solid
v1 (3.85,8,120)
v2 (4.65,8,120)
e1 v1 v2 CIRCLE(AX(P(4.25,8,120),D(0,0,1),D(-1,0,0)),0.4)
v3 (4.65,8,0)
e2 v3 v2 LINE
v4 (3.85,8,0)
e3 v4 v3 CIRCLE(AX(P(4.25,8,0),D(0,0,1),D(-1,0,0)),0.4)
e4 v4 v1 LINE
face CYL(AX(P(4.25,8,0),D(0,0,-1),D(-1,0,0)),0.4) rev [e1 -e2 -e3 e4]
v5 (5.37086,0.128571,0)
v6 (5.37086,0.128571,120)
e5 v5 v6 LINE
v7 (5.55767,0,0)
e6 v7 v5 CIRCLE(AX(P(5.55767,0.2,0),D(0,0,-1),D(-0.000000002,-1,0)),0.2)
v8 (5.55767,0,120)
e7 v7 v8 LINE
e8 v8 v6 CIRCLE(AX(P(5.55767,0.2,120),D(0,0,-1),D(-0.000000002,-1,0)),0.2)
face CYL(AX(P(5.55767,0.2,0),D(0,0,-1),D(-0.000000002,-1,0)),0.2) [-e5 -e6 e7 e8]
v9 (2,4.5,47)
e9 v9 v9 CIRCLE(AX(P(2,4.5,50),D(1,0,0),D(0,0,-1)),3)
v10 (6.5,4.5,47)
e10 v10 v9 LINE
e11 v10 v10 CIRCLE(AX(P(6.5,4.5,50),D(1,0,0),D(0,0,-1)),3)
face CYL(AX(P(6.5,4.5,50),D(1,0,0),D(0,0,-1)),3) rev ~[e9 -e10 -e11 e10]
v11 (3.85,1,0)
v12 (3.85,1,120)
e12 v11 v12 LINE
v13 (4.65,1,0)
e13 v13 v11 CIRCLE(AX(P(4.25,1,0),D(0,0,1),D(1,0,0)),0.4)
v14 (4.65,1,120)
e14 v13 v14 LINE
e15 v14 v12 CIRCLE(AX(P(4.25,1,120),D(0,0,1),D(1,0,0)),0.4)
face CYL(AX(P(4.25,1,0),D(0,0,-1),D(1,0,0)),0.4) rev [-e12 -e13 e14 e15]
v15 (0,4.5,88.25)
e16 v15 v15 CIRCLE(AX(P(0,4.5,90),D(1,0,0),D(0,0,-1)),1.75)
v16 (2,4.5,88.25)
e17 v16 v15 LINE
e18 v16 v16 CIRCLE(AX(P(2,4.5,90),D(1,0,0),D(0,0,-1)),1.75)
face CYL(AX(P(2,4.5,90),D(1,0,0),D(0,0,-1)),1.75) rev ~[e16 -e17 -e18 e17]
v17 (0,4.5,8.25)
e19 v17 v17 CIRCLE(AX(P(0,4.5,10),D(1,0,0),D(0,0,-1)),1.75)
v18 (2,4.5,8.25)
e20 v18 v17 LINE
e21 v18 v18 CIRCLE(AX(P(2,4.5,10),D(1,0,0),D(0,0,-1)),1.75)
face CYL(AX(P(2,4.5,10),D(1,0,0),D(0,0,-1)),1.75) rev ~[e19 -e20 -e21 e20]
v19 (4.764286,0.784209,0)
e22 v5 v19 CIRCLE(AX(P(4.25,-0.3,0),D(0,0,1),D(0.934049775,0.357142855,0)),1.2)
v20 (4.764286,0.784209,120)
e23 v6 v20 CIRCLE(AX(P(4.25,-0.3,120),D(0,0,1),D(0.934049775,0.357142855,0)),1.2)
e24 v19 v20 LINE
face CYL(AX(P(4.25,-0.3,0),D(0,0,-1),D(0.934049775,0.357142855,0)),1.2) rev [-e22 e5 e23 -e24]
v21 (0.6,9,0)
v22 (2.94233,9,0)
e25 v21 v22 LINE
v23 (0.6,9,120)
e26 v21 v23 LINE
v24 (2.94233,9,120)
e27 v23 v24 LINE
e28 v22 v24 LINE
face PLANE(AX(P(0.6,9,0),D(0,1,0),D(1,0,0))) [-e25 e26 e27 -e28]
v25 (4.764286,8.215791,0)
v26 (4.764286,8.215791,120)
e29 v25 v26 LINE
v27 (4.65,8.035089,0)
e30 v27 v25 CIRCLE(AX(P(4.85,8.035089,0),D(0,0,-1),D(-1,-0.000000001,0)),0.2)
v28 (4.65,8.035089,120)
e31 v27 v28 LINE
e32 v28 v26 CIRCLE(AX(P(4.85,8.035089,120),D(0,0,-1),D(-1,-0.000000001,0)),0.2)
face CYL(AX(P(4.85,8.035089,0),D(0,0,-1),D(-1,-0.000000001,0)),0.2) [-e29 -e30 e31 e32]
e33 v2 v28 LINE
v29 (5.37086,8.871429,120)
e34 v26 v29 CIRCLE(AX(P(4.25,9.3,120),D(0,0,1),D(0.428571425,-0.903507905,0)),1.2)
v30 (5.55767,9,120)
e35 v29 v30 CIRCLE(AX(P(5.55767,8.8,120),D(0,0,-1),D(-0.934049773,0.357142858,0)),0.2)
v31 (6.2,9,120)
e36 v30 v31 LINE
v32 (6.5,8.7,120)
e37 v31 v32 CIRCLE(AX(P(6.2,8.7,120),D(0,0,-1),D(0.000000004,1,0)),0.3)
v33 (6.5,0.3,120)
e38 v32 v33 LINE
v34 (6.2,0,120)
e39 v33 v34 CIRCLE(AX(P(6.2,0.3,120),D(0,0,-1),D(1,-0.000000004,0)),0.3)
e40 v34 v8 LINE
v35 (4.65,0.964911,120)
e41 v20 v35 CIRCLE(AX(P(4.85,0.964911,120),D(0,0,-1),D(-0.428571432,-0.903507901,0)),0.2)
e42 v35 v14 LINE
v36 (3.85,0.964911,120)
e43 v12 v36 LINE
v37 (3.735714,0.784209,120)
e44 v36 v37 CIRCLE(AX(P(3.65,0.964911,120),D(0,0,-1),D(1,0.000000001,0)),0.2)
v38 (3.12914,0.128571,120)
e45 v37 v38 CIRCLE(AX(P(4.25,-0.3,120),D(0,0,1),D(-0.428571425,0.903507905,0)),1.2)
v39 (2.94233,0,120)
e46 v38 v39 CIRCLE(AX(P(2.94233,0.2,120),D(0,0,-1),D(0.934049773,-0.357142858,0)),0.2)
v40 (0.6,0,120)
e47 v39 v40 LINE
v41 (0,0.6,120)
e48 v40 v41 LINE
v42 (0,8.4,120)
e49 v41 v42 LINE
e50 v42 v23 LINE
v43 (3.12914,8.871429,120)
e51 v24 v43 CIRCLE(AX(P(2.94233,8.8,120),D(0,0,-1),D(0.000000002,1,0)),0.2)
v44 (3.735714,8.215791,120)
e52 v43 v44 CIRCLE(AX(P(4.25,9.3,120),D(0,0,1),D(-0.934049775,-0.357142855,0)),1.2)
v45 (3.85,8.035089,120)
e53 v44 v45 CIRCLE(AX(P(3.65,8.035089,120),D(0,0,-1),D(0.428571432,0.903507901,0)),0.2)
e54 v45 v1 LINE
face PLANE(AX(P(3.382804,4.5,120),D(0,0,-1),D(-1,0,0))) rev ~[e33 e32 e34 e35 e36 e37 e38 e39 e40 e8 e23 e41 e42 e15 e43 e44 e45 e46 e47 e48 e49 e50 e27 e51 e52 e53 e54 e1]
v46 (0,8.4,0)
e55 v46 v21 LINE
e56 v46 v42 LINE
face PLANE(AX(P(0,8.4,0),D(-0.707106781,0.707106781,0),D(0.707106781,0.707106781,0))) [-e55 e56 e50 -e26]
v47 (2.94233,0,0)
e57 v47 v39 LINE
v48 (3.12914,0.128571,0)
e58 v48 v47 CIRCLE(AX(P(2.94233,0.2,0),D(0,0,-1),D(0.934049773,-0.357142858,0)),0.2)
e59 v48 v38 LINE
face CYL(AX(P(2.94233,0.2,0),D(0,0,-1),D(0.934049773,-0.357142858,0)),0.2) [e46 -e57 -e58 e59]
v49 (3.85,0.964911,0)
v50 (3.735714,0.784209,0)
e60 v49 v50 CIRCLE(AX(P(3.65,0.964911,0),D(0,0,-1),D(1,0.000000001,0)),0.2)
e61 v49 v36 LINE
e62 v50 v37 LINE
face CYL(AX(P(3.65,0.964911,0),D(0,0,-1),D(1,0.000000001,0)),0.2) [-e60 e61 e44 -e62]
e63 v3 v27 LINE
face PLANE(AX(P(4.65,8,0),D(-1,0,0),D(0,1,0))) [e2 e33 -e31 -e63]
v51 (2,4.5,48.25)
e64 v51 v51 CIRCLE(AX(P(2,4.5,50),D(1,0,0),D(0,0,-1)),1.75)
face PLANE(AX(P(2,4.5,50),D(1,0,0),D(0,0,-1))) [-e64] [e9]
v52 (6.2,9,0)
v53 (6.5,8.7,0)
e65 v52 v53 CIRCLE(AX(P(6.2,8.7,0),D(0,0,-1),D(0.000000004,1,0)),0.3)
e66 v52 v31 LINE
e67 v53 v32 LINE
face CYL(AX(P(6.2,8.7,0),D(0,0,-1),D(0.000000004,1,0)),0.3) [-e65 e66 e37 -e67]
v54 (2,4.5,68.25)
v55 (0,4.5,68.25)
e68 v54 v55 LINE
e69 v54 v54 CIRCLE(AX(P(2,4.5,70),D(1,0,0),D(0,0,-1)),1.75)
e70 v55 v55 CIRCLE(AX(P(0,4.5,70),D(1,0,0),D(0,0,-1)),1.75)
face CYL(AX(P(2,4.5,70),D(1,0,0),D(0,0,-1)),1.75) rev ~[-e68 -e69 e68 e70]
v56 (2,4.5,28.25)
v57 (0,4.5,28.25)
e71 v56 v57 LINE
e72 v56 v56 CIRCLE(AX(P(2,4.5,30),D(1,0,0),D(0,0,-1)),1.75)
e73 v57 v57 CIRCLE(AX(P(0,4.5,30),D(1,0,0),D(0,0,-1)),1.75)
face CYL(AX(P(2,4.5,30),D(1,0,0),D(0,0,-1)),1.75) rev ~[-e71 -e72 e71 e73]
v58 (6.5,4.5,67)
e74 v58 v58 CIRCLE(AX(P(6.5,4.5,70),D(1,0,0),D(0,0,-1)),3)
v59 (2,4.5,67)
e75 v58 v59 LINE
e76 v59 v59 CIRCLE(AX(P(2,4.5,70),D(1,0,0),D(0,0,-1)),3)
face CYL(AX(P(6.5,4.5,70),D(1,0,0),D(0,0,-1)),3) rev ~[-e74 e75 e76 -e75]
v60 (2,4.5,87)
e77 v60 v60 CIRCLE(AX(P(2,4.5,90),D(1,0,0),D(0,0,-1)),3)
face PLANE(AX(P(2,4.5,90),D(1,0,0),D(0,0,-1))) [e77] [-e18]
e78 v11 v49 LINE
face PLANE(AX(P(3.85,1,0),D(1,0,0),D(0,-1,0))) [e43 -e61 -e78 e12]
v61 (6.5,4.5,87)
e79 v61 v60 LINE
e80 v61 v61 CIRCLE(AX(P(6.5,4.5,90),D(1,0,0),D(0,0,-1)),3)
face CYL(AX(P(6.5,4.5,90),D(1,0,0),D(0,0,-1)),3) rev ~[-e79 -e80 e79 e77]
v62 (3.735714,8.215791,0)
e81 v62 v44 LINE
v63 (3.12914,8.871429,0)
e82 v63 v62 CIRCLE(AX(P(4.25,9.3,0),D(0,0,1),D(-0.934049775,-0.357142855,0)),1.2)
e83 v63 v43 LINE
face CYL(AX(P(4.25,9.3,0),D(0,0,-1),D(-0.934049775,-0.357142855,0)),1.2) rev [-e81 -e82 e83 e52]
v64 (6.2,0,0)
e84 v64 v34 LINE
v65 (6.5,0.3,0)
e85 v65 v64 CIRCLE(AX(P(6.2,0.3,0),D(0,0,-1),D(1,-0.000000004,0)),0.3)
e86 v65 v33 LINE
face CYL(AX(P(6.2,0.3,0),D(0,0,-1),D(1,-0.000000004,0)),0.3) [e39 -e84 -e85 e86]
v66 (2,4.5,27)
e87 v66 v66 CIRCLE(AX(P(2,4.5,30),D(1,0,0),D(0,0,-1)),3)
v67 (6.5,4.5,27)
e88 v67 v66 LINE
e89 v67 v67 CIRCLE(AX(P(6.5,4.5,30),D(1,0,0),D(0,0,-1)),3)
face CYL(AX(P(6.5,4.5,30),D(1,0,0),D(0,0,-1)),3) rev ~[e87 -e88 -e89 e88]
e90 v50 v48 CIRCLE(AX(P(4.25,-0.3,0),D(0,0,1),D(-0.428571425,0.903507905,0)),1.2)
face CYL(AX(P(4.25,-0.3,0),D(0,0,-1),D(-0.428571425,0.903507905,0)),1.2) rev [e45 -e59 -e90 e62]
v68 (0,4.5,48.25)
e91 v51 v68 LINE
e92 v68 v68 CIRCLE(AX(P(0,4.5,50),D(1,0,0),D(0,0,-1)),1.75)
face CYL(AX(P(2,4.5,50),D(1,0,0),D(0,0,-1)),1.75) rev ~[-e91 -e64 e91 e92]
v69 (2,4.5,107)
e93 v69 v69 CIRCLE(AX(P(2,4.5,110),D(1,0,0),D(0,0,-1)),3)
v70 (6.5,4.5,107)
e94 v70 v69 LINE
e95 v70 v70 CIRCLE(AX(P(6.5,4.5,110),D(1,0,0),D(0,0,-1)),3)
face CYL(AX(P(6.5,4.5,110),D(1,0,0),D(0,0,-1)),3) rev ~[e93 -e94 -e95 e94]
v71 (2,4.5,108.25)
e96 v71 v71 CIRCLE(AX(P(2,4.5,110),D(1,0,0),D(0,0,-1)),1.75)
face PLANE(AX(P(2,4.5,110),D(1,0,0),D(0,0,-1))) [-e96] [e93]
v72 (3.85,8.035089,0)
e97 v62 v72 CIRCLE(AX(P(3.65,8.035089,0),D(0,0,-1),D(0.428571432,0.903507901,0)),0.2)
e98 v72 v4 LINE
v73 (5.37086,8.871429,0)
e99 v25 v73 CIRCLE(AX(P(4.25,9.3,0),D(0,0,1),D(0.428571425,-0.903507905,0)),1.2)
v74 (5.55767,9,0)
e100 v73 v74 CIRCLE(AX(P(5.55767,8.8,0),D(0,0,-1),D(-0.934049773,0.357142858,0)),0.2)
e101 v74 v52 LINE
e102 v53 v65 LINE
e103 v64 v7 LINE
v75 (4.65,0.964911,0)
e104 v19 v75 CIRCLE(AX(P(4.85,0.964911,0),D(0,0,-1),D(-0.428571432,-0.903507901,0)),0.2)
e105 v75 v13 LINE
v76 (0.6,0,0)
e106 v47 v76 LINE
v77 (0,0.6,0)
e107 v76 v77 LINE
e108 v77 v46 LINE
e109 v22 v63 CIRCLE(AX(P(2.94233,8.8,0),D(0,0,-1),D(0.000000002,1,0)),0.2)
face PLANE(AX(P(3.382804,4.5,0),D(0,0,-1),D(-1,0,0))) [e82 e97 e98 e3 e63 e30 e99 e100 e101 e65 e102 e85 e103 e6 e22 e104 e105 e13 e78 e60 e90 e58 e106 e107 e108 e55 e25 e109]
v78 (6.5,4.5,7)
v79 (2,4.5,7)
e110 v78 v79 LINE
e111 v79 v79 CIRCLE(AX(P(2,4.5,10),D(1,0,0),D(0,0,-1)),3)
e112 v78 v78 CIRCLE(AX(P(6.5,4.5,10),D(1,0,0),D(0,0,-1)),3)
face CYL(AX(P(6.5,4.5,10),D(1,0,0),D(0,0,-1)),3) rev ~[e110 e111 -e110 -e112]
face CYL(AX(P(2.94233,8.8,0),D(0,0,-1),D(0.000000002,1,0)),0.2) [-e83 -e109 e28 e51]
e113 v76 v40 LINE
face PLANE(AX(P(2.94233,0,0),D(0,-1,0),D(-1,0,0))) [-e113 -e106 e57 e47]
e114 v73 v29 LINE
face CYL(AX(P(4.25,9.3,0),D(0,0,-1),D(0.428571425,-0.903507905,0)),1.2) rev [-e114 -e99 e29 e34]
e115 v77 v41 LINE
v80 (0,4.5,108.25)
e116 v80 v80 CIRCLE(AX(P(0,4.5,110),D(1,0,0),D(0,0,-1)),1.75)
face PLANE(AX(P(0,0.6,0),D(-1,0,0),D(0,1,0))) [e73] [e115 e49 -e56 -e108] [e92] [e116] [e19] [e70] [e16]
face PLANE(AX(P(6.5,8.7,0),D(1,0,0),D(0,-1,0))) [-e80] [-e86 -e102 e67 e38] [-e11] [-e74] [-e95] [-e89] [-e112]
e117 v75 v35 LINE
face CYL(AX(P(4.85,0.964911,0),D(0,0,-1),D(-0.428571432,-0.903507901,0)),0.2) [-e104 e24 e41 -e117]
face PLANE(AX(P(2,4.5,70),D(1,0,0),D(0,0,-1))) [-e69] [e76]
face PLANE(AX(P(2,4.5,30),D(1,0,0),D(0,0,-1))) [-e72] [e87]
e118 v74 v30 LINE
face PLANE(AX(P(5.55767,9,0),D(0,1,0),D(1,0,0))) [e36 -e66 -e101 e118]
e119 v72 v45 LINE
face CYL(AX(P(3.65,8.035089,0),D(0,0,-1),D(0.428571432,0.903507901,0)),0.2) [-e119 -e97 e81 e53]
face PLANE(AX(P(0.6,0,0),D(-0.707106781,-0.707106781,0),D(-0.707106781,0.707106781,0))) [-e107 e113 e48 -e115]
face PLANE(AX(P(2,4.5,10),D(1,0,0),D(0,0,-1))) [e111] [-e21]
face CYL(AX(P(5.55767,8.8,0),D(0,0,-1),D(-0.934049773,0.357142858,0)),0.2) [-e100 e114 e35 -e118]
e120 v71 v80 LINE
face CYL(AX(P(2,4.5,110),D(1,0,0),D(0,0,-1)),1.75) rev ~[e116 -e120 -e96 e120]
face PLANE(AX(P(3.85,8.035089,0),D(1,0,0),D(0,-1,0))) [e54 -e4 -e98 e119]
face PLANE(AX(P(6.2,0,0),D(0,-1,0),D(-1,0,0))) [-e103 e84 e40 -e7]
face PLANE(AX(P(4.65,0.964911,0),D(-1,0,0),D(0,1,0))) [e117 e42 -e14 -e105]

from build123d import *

# Parameters (mm, degrees)
EXTRUDE_1_DEPTH     = 120
SKETCH_2_R          = 3
CUT_EXTRUDE_1_DEPTH = 4.5
SKETCH_3_R          = 1.75
CUT_EXTRUDE_2_DEPTH = 121.421136019


with BuildPart() as part:
    # 草图1 → 凸台-拉伸1 (new body)
    with BuildSketch(Plane.XY):
        with BuildLine():
            ThreePointArc((6.2, 9), (6.412132034, 8.912132034), (6.5, 8.7))
            Line((6.5, 8.7), (6.5, 0.3))
            ThreePointArc((6.5, 0.3), (6.412132034, 0.087867966), (6.2, 0))
            Line((6.2, 0), (5.557669683, 0))
            ThreePointArc((5.557669683, 0), (5.444280341, 0.035249106), (5.370859728, 0.128571429))
            ThreePointArc((5.370859728, 0.128571429), (5.130846451, 0.514929157), (4.764285714, 0.784209483))
            ThreePointArc((4.764285714, 0.784209483), (4.680969149, 0.858006567), (4.65, 0.964911064))
            Line((4.65, 0.964911064), (4.65, 1))
            ThreePointArc((4.65, 1), (4.25, 1.4), (3.85, 1))
            Line((3.85, 1), (3.85, 0.964911064))
            ThreePointArc((3.85, 0.964911064), (3.819030851, 0.858006567), (3.735714286, 0.784209483))
            ThreePointArc((3.735714286, 0.784209483), (3.369153549, 0.514929157), (3.129140272, 0.128571429))
            ThreePointArc((3.129140272, 0.128571429), (3.055719659, 0.035249106), (2.942330317, 0))
            Line((2.942330317, 0), (0.6, 0))
            Line((0.6, 0), (0, 0.6))
            Line((0, 0.6), (0, 8.4))
            Line((0, 8.4), (0.6, 9))
            Line((0.6, 9), (2.942330317, 9))
            ThreePointArc((2.942330317, 9), (3.055719659, 8.964750894), (3.129140272, 8.871428571))
            ThreePointArc((3.129140272, 8.871428571), (3.369153549, 8.485070843), (3.735714286, 8.215790517))
            ThreePointArc((3.735714286, 8.215790517), (3.819030851, 8.141993433), (3.85, 8.035088936))
            Line((3.85, 8.035088936), (3.85, 8))
            ThreePointArc((3.85, 8), (4.25, 7.6), (4.65, 8))
            Line((4.65, 8), (4.65, 8.035088936))
            ThreePointArc((4.65, 8.035088936), (4.680969149, 8.141993433), (4.764285714, 8.215790517))
            ThreePointArc((4.764285714, 8.215790517), (5.130846451, 8.485070843), (5.370859728, 8.871428571))
            ThreePointArc((5.370859728, 8.871428571), (5.444280341, 8.964750894), (5.557669683, 9))
            Line((5.557669683, 9), (6.2, 9))
        make_face()
    extrude(amount=EXTRUDE_1_DEPTH)

    # 草图2 → 切除-拉伸1 (cut)
    with BuildSketch(Plane(origin=(6.5, 0, 0), x_dir=(0, 0, -1), z_dir=(1, 0, 0))):
        with Locations((-10, 4.5)):
            Circle(SKETCH_2_R)
        with Locations((-30, 4.5)):
            Circle(SKETCH_2_R)
        with Locations((-50, 4.5)):
            Circle(SKETCH_2_R)
        with Locations((-70, 4.5)):
            Circle(SKETCH_2_R)
        with Locations((-90, 4.5)):
            Circle(SKETCH_2_R)
        with Locations((-110, 4.5)):
            Circle(SKETCH_2_R)
        with Locations((-130, 4.5)):
            Circle(SKETCH_2_R)
        with Locations((-150, 4.5)):
            Circle(SKETCH_2_R)
        with Locations((-170, 4.5)):
            Circle(SKETCH_2_R)
        with Locations((-190, 4.5)):
            Circle(SKETCH_2_R)
        with Locations((-210, 4.5)):
            Circle(SKETCH_2_R)
        with Locations((-230, 4.5)):
            Circle(SKETCH_2_R)
        with Locations((-250, 4.5)):
            Circle(SKETCH_2_R)
        with Locations((-270, 4.5)):
            Circle(SKETCH_2_R)
        with Locations((-290, 4.5)):
            Circle(SKETCH_2_R)
        with Locations((-310, 4.5)):
            Circle(SKETCH_2_R)
        with Locations((-330, 4.5)):
            Circle(SKETCH_2_R)
        with Locations((-350, 4.5)):
            Circle(SKETCH_2_R)
        with Locations((-370, 4.5)):
            Circle(SKETCH_2_R)
        with Locations((-390, 4.5)):
            Circle(SKETCH_2_R)
        with Locations((-410, 4.5)):
            Circle(SKETCH_2_R)
        with Locations((-430, 4.5)):
            Circle(SKETCH_2_R)
        with Locations((-450, 4.5)):
            Circle(SKETCH_2_R)
        with Locations((-470, 4.5)):
            Circle(SKETCH_2_R)
        with Locations((-490, 4.5)):
            Circle(SKETCH_2_R)
    extrude(amount=-CUT_EXTRUDE_1_DEPTH, mode=Mode.SUBTRACT)

    # 草图3 → 切除-拉伸2 (cut, through all)
    with BuildSketch(Plane(origin=(2, 0, 0), x_dir=(0, 0, -1), z_dir=(1, 0, 0))):
        with Locations((-10, 4.5)):
            Circle(SKETCH_3_R)
        with Locations((-30, 4.5)):
            Circle(SKETCH_3_R)
        with Locations((-50, 4.5)):
            Circle(SKETCH_3_R)
        with Locations((-70, 4.5)):
            Circle(SKETCH_3_R)
        with Locations((-90, 4.5)):
            Circle(SKETCH_3_R)
        with Locations((-110, 4.5)):
            Circle(SKETCH_3_R)
        with Locations((-130, 4.5)):
            Circle(SKETCH_3_R)
        with Locations((-150, 4.5)):
            Circle(SKETCH_3_R)
        with Locations((-170, 4.5)):
            Circle(SKETCH_3_R)
        with Locations((-190, 4.5)):
            Circle(SKETCH_3_R)
        with Locations((-210, 4.5)):
            Circle(SKETCH_3_R)
        with Locations((-230, 4.5)):
            Circle(SKETCH_3_R)
        with Locations((-250, 4.5)):
            Circle(SKETCH_3_R)
        with Locations((-270, 4.5)):
            Circle(SKETCH_3_R)
        with Locations((-290, 4.5)):
            Circle(SKETCH_3_R)
        with Locations((-310, 4.5)):
            Circle(SKETCH_3_R)
        with Locations((-330, 4.5)):
            Circle(SKETCH_3_R)
        with Locations((-350, 4.5)):
            Circle(SKETCH_3_R)
        with Locations((-370, 4.5)):
            Circle(SKETCH_3_R)
        with Locations((-390, 4.5)):
            Circle(SKETCH_3_R)
        with Locations((-410, 4.5)):
            Circle(SKETCH_3_R)
        with Locations((-430, 4.5)):
            Circle(SKETCH_3_R)
        with Locations((-450, 4.5)):
            Circle(SKETCH_3_R)
        with Locations((-470, 4.5)):
            Circle(SKETCH_3_R)
        with Locations((-490, 4.5)):
            Circle(SKETCH_3_R)
    extrude(amount=-CUT_EXTRUDE_2_DEPTH, mode=Mode.SUBTRACT)


solid = part.part
